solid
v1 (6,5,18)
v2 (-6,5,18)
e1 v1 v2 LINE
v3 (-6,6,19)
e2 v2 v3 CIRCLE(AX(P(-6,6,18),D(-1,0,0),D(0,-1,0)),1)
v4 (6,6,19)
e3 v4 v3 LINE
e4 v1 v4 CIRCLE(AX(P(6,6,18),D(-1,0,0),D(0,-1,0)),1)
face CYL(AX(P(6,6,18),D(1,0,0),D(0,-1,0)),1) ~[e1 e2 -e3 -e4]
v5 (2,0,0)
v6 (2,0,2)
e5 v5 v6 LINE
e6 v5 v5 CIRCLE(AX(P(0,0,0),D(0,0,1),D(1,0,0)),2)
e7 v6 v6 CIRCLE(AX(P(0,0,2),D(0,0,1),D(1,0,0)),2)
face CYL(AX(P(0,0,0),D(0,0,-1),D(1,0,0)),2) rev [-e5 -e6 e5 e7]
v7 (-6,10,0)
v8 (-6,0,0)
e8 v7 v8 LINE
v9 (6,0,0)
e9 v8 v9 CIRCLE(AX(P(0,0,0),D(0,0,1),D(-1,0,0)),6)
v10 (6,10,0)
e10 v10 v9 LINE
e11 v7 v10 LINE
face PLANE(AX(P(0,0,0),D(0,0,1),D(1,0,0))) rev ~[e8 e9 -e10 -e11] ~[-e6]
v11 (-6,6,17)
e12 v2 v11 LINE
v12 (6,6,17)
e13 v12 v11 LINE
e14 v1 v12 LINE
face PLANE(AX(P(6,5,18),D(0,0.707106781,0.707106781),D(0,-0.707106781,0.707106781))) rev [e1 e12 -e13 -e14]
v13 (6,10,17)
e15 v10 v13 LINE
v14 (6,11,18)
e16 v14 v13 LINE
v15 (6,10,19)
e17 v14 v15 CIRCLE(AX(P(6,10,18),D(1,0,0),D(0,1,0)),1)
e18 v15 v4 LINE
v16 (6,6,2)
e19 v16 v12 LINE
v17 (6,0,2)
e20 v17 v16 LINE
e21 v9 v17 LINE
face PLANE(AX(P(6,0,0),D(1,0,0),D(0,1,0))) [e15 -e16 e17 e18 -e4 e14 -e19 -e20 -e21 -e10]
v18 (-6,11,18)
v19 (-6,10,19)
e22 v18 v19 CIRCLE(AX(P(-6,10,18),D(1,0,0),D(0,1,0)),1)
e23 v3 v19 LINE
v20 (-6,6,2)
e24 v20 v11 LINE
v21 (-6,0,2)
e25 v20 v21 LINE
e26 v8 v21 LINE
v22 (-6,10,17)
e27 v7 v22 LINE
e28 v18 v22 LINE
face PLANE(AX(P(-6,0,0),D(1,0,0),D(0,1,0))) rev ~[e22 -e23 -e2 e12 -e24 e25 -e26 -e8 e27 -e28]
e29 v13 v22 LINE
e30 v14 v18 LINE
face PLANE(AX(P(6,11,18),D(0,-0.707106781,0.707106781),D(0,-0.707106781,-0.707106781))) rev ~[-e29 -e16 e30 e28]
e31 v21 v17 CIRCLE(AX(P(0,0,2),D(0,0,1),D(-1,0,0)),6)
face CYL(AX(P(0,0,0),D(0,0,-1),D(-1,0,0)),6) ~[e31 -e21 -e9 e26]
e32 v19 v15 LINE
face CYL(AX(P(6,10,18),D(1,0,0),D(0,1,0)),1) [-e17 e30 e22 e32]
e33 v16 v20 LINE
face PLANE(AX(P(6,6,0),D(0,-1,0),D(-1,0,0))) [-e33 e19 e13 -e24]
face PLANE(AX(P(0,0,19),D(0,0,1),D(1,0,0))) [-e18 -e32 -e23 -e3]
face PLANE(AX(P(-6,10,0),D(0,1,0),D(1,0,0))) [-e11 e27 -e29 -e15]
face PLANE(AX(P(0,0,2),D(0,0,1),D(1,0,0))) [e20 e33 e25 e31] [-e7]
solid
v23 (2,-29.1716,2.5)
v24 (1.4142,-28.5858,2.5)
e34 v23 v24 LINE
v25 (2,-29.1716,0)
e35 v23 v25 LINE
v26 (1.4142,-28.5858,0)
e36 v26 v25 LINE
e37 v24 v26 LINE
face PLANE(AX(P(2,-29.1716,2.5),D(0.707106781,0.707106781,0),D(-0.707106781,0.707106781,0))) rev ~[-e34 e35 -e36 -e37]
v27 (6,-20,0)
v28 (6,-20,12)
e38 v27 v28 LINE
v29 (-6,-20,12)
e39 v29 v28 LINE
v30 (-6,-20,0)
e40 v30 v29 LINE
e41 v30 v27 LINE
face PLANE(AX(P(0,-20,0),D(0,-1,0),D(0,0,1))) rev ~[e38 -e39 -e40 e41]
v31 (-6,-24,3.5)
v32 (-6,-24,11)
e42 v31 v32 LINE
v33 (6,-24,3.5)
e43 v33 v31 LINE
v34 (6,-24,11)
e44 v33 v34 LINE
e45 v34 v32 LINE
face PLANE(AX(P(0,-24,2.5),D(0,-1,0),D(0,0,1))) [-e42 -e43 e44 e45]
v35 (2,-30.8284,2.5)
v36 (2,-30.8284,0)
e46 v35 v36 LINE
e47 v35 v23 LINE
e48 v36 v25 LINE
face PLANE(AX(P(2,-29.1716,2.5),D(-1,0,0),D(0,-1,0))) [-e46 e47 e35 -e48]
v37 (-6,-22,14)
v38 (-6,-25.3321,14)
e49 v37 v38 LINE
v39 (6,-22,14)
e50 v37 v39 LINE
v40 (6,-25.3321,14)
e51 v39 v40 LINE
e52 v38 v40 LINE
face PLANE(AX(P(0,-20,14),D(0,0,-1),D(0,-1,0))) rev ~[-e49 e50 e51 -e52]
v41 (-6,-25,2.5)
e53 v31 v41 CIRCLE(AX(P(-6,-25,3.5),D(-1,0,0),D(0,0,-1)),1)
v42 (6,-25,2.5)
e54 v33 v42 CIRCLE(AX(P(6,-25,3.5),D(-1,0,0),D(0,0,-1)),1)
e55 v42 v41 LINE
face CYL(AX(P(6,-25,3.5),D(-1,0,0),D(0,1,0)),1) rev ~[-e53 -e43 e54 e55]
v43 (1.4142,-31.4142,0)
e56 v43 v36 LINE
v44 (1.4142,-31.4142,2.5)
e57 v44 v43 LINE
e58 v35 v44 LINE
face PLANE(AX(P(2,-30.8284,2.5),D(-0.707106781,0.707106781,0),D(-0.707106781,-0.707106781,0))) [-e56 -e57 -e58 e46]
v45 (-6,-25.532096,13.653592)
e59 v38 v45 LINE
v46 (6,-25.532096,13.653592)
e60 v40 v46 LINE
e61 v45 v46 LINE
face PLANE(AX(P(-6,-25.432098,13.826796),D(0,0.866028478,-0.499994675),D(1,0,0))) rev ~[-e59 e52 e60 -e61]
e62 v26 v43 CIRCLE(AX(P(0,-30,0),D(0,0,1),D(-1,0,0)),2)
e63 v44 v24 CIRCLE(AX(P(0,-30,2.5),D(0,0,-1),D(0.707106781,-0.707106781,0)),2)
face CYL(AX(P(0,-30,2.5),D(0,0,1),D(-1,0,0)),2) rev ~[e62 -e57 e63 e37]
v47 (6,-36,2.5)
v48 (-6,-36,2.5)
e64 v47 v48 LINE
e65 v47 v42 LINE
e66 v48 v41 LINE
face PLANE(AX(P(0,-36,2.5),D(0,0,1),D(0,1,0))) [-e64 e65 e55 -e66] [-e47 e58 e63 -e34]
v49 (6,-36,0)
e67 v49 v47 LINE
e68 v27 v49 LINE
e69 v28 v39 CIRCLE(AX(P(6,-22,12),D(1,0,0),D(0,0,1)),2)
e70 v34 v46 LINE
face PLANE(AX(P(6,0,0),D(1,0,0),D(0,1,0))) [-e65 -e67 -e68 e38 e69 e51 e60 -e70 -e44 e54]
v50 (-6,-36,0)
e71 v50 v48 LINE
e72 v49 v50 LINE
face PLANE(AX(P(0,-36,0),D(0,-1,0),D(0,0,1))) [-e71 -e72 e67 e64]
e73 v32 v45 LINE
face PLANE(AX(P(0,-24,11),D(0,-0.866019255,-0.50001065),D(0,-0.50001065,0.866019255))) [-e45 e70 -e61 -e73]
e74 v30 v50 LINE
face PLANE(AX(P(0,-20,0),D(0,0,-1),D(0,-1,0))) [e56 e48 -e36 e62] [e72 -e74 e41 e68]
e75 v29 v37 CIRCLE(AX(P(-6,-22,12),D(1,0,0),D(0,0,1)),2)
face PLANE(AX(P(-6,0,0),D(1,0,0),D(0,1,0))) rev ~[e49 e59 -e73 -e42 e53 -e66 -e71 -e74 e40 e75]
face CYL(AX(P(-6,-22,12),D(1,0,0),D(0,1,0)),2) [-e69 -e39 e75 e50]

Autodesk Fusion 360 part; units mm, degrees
sketch "Sketch1" plane through (0, 0, 0) normal (0, 0, 1) x (1, 0, 0)
  circle A0 centre (0, 0) radius 2
  line L0 (0, 0) -> (-6, 0) construction
  arc A1 (-6, 0) -> (6, 0) centre (0, 0) ccw
  line L1 (6, 0) -> (6, 6)
  line L2 (6, 6) -> (-6, 6)
  line L3 (-6, 6) -> (-6, 0)
  line L4 (-6, 6) -> (-6, 10)
  line L5 (-6, 10) -> (6, 10)
  line L6 (6, 10) -> (6, 6)
  dimension "d1" = 4
  dimension "d2" = 4
  dimension "d3" = 4
  dimension "d4" = 6
extrude "Extrude1" add sketch "Sketch1" along normal blind 2 contours A1 L1 L2 L3 makes body 1
extrude "Extrude2" add sketch "Sketch1" along normal blind 19 contours L2 L4 L5 L6 bodies 1
sketch "Sketch2" plane through (6, 0, 0) normal (1, 0, 0) x (0, 1, 0)
  line L0 (0, 0) -> (10, 0)
  line L1 (10, 0) -> (10, 19)
  line L2 (10, 19) -> (6, 19)
  line L3 (6, 19) -> (6, 2)
  line L4 (6, 2) -> (0, 2)
  line L5 (0, 2) -> (0, 0)
sketch "Sketch3" plane through (6, 0, 0) normal (1, 0, 0) x (0, 1, 0)
  line L0 (0, 0) -> (10, 0)
  line L1 (10, 0) -> (10, 19)
  line L2 (10, 19) -> (6, 19)
  line L3 (6, 19) -> (6, 2)
  line L4 (6, 2) -> (0, 2)
  line L5 (0, 2) -> (0, 0)
  arc A0 (11, 18) -> (10, 19) centre (10, 18) ccw
  line L6 (11, 18) -> (10, 17)
  point P0 (10, 19)
  dimension "d11" = 45
  dimension "d12" = 2
extrude "Extrude3" add sketch "Sketch3" against normal blind 12 separate body contours L1 A0 L6 makes body 2
ref_plane "WorkPlane1" through (0, 8, 9.5) normal (0, 1, 0) x (-1, 0, 0)
mirror "Mirror1" about plane through (0, 8, 9.5) normal (0, 1, 0) of bodies 2 makes body 3
combine "Combine1" operation add target body 1 tool bodies 2 3
sketch "Sketch1 (2)" plane through (0, 0, 0) normal (1, 0, 0) x (0, 1, 0) in component "v2"
  line L0 (2, 2) -> (2, 0) construction
  line L1 (2, 0) -> (10, 0) construction
  line L2 (10, 0) -> (10, 17) construction
  line L3 (10, 17) -> (11, 18) construction
  arc A0 (11, 18) -> (10, 19) centre (10, 18) ccw construction
  line L4 (10, 19) -> (6, 19) construction
  arc A1 (6, 19) -> (5, 18) centre (6, 18) ccw construction
  line L5 (5, 18) -> (6, 17) construction
  line L6 (6, 17) -> (6, 2) construction
  line L7 (6, 2) -> (2, 2) construction
  line L8 (-6, 2) -> (-6, 0) construction
  line L9 (-6, 0) -> (-2, 0) construction
  line L10 (-2, 0) -> (-2, 2) construction
  line L11 (-2, 2) -> (-6, 2) construction
  line L12 (0, 0) -> (-20, 0) construction
  line L13 (-20, 0) -> (-20, 14)
  line L14 (-20, 14) -> (-25.7321, 14)
  line L15 (-20, 0) -> (-36, 0)
  line L16 (-36, 0) -> (-36, 2.5)
  line L17 (-24, 11) -> (-25.7321, 14)
  line L18 (-36, 2.5) -> (-24, 2.5)
  line L19 (-24, 2.5) -> (-24, 11)
  dimension "d17" = 20
  dimension "d18" = 14
  dimension "d20" = 2.5
  dimension "d23" = 4
  dimension "d24" = 150
  dimension "d25" = 3
  dimension "d26" = 16
  dimension "d27" = 4
  dimension "d28" = 4
extrude "Extrude1'" add sketch "Sketch1 (2)" along normal mid plane 12 separate body makes body 4 in component "v2"
fillet "Fillet1" radius 2 1 edges at (0, -20, 14) on bodies 4 in component "v2"
sketch "Sketch2 (2)" plane through (0, 0, 2.5) normal (0, 0, 1) x (-1, 0, 0) in component "v2"
  line L0 (6, 36) -> (-6, 36)
  line L1 (-6, 36) -> (-6, 24)
  line L2 (-6, 24) -> (6, 24)
  line L3 (6, 24) -> (6, 36)
  line L4 (6, 24) -> (-6, 24)
  line L5 (0, 24) -> (0, 30) construction
  circle A0 centre (0, 30) radius 2
  line L6 (-2, 29.1716) -> (-2, 30.8284)
  line L7 (-2, 30) -> (0, 30)
  line L8 (-2, 29.1716) -> (-1.4142, 28.5858)
  line L9 (-2, 30.8284) -> (-1.4142, 31.4142)
  dimension "d33" = 6
  dimension "d34" = 4
  dimension "d39" = 90
extrude "Extrude2'" cut sketch "Sketch2 (2)" against normal through all contours A0 | A0 L6 L9 | A0 L6 L8 bodies 4 in component "v2"
chamfer "Chamfer1" distance 0.4 angle 45 1 edges at (0, -25.7321, 14) on bodies 4 in component "v2"
fillet "Fillet2" radius 1 1 edges at (0, -24, 2.5) on bodies 4 in component "v2"
component "v2" placed x (1, 0, 0) y (0, 1, 0) z (0, 0, 1) at (0, 0, 0)
equation "d3 = d2"
